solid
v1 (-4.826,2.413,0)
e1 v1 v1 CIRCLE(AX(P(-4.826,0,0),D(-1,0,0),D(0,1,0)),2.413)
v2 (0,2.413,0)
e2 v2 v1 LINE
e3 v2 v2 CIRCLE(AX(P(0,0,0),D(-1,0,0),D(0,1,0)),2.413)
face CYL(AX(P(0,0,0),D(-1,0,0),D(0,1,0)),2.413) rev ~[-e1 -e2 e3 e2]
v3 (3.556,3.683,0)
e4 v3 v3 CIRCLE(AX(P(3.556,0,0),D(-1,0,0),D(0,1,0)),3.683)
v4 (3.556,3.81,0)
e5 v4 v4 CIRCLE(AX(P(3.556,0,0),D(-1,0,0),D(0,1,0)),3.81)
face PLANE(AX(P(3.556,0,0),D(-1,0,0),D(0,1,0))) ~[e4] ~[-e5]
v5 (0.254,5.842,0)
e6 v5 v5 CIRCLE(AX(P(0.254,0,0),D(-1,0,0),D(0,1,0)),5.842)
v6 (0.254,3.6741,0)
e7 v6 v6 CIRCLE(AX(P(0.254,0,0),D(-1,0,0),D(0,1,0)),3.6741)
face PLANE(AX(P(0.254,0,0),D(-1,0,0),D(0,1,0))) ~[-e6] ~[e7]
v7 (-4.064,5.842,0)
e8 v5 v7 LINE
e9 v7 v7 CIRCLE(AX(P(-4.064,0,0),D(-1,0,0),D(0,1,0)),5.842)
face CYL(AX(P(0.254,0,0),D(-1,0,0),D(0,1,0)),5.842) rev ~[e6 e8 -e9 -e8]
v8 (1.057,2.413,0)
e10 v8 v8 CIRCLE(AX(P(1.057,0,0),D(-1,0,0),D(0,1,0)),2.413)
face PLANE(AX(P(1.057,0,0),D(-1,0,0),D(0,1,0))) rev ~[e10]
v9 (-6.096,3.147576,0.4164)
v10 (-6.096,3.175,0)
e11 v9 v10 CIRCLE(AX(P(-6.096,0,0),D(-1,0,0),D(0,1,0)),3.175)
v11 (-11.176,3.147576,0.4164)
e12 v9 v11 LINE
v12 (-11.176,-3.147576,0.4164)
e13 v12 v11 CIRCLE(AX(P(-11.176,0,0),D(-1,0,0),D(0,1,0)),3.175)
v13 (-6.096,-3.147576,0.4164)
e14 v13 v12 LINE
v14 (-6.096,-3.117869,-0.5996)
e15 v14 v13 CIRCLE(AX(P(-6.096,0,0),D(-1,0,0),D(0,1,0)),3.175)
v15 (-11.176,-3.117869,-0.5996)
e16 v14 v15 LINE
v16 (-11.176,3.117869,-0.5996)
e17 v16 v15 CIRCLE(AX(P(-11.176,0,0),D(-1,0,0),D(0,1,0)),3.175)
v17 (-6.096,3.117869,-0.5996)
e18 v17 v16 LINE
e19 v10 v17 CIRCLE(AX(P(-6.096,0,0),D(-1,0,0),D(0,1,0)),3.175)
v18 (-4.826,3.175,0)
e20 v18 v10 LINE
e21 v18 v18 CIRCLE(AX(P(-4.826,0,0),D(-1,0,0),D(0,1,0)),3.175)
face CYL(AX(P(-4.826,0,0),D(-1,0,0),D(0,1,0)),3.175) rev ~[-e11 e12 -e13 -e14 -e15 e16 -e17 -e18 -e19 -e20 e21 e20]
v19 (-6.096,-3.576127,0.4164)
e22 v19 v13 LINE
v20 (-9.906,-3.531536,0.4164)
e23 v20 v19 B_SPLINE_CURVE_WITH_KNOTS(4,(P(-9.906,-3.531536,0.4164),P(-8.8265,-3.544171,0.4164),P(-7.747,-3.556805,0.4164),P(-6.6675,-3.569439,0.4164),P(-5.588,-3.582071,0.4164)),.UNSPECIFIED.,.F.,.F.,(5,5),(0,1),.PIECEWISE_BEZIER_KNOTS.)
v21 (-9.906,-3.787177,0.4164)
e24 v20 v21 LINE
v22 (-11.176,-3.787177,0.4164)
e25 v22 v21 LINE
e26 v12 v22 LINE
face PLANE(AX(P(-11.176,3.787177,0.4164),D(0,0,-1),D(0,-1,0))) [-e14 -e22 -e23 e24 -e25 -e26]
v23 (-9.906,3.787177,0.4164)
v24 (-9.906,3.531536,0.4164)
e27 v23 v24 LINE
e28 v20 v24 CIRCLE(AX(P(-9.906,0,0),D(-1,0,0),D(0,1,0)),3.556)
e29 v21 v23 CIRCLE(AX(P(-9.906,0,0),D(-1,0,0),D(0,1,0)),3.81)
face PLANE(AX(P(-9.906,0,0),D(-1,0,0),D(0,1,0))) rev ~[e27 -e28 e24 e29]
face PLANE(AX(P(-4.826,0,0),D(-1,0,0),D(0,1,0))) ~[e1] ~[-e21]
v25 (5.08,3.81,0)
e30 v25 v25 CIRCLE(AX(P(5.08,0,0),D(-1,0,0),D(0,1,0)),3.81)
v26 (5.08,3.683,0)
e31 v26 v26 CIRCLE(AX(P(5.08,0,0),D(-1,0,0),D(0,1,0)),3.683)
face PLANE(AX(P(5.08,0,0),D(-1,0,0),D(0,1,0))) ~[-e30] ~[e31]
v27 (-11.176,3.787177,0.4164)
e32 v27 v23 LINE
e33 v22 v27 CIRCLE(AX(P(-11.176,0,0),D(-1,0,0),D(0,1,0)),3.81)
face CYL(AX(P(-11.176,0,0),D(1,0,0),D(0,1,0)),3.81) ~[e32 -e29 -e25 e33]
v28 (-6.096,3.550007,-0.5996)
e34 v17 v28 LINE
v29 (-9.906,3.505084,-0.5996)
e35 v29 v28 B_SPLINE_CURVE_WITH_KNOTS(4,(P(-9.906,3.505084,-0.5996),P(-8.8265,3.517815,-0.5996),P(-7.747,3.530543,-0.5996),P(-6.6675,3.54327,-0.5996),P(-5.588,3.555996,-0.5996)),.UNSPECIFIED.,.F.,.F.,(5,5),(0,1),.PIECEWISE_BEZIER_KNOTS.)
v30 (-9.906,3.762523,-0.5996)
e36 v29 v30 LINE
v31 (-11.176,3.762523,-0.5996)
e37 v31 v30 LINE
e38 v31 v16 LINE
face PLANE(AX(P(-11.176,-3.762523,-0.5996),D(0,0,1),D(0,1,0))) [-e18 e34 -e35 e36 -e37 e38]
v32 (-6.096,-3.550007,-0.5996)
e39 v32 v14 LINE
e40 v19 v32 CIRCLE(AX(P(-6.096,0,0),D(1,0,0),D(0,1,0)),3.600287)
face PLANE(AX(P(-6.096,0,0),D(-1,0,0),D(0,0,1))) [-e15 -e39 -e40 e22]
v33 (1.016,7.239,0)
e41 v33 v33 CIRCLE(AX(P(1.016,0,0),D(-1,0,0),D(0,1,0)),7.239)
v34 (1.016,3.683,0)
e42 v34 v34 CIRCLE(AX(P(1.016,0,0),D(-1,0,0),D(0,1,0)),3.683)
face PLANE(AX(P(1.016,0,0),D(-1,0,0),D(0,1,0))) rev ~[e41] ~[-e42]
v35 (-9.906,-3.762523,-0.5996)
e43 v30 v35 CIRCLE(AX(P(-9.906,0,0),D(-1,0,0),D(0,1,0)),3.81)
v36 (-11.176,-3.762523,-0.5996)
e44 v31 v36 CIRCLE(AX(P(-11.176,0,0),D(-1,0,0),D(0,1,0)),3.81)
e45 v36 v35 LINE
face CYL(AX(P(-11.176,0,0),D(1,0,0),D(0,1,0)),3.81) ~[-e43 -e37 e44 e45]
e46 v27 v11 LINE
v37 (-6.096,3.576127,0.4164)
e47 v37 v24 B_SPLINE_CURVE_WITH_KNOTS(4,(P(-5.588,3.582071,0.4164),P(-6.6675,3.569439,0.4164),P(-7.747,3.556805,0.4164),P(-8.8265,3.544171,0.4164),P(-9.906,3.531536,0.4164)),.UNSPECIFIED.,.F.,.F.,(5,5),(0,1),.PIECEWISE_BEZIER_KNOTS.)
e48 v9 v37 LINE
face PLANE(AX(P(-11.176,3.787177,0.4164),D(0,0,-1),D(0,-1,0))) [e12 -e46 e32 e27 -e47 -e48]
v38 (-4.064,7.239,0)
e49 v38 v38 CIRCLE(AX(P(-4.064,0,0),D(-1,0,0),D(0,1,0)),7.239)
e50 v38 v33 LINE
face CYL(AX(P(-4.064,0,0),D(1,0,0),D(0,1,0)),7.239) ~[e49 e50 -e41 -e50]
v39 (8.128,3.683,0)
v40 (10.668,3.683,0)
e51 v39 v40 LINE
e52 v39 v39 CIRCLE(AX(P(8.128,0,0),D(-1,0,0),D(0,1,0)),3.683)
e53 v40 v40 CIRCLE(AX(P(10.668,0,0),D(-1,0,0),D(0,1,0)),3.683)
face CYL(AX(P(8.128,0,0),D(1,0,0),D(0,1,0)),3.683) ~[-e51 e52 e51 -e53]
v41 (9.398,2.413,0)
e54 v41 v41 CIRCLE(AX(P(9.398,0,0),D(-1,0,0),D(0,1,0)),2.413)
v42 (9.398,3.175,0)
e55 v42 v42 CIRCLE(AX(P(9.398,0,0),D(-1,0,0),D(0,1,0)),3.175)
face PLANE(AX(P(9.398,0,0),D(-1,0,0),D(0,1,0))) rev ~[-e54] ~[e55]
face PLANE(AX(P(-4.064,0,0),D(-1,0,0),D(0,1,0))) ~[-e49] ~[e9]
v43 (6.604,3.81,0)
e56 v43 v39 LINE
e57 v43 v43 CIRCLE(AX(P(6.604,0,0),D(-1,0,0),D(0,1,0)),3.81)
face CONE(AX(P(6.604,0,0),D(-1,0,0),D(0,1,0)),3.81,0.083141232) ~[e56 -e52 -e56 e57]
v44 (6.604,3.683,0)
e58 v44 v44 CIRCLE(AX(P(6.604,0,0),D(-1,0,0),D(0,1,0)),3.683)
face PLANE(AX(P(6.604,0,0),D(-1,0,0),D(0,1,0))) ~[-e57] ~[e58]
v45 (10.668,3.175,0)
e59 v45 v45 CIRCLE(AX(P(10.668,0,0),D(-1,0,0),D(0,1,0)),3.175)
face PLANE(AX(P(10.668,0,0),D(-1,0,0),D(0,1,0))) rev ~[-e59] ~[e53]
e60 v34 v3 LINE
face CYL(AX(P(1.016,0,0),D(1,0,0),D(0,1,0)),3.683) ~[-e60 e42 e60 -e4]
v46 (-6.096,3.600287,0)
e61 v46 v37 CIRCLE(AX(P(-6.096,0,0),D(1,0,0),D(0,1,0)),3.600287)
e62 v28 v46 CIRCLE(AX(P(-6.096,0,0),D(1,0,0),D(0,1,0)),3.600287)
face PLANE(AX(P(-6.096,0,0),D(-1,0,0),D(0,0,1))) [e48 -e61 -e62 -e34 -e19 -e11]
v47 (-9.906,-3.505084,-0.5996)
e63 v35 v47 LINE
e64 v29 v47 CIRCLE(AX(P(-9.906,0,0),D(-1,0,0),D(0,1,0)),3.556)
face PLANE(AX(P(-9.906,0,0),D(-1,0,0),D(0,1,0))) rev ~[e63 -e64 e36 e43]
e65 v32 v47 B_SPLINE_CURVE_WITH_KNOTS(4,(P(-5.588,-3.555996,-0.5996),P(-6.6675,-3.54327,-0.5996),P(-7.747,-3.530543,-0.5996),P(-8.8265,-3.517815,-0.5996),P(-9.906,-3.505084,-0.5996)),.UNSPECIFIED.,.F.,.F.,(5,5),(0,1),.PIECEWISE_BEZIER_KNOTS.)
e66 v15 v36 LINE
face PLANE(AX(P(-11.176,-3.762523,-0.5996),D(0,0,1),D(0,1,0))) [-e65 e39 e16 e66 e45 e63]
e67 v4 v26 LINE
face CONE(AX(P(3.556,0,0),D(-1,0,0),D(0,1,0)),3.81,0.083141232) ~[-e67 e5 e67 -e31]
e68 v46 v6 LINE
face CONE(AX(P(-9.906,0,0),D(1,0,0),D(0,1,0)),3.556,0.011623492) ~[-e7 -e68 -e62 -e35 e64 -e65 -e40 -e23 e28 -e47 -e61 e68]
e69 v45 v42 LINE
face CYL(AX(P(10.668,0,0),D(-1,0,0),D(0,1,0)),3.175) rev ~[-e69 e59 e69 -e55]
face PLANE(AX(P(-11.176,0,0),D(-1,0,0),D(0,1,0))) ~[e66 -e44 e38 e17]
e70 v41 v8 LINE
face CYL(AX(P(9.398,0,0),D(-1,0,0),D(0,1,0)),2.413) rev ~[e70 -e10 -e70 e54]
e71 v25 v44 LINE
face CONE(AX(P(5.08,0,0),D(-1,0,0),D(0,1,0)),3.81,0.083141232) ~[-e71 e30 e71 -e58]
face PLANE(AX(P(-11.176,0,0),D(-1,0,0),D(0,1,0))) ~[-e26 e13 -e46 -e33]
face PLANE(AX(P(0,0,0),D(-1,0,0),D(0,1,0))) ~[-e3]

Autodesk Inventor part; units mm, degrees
ref_plane "YZ Plane" through (0, 0, 0) normal (1, 0, 0) x (0, 1, 0)
ref_plane "XZ Plane" through (0, 0, 0) normal (0, 1, 0) x (-1, 0, 0)
ref_plane "XY Plane" through (0, 0, 0) normal (0, 0, 1) x (1, 0, 0)
sketch "Sketch1" plane through (0, 0, 0) normal (0, 0, 1) x (1, 0, 0)
  line L0 (0, 0) -> (0, 2.413)
  line L1 (0, 2.413) -> (-4.826, 2.413)
  line L2 (-4.826, 2.413) -> (-4.826, 3.175)
  line L3 (-4.826, 3.175) -> (-11.176, 3.175)
  line L4 (-11.176, 3.175) -> (-11.176, 3.81)
  line L5 (-11.176, 3.81) -> (-9.906, 3.81)
  line L6 (-9.906, 3.81) -> (-9.906, 3.556)
  line L7 (-9.906, 3.556) -> (0.254, 3.6741)
  line L8 (0.254, 3.6741) -> (0.254, 5.842)
  line L9 (0.254, 5.842) -> (-4.064, 5.842)
  line L10 (-4.064, 5.842) -> (-4.064, 7.239)
  line L11 (-4.064, 7.239) -> (1.016, 7.239)
  line L12 (1.016, 7.239) -> (1.016, 3.683)
  line L13 (1.016, 3.683) -> (3.556, 3.683)
  line L14 (3.556, 3.683) -> (3.556, 3.81)
  line L15 (3.556, 3.81) -> (5.08, 3.683)
  line L16 (5.08, 3.683) -> (5.08, 3.81)
  line L17 (5.08, 3.81) -> (6.604, 3.683)
  line L18 (6.604, 3.683) -> (6.604, 3.81)
  line L19 (6.604, 3.81) -> (8.128, 3.683)
  line L20 (8.128, 3.683) -> (10.668, 3.683)
  line L21 (10.668, 3.683) -> (10.668, 3.175)
  line L22 (10.668, 3.175) -> (9.398, 3.175)
  line L23 (9.398, 3.175) -> (9.398, 2.413)
  line L24 (9.398, 2.413) -> (1.057, 2.413)
  line L25 (1.057, 2.413) -> (1.057, 0)
  line L26 (1.057, 0) -> (0, 0)
  dimension "d0" = 21.844
  dimension "d1" = 1.27
  dimension "d2" = 6.35
  dimension "d3" = 11.43
  dimension "d4" = 5.08
  dimension "d5" = 1.524
  dimension "d6" = 1.524
  dimension "d7" = 1.524
  dimension "d8" = 1.27
  dimension "d9" = 2.54
  dimension "d10" = 2.54
  dimension "d11" = 4.826
  dimension "d13" = 5.842
  dimension "d14" = 7.239
  dimension "d15" = 0.254
  dimension "d16" = 0.127
  dimension "d17" = 0.127
  dimension "d18" = 2.413
  dimension "d19" = 3.175
  dimension "d20" = 3.683
  dimension "d21" = 3.81
  dimension "d22" = 3.175
  dimension "d23" = 2.413
revolve "Revolution1" add sketch "Sketch1" angle 360 about axis through (1.057, 0, 0) along (-1, 0, 0)
sketch "Sketch2" plane through (-11.176, 0, 0) normal (-1, 0, 0) x (0, 0, 1)
  circle A0 centre (0, 0) radius 3.81 projected
  line L0 (0.4164, -4.7623) -> (-0.5996, -4.7623)
  line L1 (-0.5996, -4.7623) -> (-0.5996, 4.4311)
  line L2 (-0.5996, 4.4311) -> (0.4164, 4.4311)
  line L3 (0.4164, 4.4311) -> (0.4164, -4.7623)
  dimension "d25" = 1.016
extrude "Extrusion1" cut sketch "Sketch2" against normal blind 5.08 contours L3 A0 L1 | A0 L1 L2 L3 | L3 L0 L1 A0
equation "\"d6\" = d5"
equation "\"d7\" = d6"
properties part number "ARTHURW5.5a AXLE"
